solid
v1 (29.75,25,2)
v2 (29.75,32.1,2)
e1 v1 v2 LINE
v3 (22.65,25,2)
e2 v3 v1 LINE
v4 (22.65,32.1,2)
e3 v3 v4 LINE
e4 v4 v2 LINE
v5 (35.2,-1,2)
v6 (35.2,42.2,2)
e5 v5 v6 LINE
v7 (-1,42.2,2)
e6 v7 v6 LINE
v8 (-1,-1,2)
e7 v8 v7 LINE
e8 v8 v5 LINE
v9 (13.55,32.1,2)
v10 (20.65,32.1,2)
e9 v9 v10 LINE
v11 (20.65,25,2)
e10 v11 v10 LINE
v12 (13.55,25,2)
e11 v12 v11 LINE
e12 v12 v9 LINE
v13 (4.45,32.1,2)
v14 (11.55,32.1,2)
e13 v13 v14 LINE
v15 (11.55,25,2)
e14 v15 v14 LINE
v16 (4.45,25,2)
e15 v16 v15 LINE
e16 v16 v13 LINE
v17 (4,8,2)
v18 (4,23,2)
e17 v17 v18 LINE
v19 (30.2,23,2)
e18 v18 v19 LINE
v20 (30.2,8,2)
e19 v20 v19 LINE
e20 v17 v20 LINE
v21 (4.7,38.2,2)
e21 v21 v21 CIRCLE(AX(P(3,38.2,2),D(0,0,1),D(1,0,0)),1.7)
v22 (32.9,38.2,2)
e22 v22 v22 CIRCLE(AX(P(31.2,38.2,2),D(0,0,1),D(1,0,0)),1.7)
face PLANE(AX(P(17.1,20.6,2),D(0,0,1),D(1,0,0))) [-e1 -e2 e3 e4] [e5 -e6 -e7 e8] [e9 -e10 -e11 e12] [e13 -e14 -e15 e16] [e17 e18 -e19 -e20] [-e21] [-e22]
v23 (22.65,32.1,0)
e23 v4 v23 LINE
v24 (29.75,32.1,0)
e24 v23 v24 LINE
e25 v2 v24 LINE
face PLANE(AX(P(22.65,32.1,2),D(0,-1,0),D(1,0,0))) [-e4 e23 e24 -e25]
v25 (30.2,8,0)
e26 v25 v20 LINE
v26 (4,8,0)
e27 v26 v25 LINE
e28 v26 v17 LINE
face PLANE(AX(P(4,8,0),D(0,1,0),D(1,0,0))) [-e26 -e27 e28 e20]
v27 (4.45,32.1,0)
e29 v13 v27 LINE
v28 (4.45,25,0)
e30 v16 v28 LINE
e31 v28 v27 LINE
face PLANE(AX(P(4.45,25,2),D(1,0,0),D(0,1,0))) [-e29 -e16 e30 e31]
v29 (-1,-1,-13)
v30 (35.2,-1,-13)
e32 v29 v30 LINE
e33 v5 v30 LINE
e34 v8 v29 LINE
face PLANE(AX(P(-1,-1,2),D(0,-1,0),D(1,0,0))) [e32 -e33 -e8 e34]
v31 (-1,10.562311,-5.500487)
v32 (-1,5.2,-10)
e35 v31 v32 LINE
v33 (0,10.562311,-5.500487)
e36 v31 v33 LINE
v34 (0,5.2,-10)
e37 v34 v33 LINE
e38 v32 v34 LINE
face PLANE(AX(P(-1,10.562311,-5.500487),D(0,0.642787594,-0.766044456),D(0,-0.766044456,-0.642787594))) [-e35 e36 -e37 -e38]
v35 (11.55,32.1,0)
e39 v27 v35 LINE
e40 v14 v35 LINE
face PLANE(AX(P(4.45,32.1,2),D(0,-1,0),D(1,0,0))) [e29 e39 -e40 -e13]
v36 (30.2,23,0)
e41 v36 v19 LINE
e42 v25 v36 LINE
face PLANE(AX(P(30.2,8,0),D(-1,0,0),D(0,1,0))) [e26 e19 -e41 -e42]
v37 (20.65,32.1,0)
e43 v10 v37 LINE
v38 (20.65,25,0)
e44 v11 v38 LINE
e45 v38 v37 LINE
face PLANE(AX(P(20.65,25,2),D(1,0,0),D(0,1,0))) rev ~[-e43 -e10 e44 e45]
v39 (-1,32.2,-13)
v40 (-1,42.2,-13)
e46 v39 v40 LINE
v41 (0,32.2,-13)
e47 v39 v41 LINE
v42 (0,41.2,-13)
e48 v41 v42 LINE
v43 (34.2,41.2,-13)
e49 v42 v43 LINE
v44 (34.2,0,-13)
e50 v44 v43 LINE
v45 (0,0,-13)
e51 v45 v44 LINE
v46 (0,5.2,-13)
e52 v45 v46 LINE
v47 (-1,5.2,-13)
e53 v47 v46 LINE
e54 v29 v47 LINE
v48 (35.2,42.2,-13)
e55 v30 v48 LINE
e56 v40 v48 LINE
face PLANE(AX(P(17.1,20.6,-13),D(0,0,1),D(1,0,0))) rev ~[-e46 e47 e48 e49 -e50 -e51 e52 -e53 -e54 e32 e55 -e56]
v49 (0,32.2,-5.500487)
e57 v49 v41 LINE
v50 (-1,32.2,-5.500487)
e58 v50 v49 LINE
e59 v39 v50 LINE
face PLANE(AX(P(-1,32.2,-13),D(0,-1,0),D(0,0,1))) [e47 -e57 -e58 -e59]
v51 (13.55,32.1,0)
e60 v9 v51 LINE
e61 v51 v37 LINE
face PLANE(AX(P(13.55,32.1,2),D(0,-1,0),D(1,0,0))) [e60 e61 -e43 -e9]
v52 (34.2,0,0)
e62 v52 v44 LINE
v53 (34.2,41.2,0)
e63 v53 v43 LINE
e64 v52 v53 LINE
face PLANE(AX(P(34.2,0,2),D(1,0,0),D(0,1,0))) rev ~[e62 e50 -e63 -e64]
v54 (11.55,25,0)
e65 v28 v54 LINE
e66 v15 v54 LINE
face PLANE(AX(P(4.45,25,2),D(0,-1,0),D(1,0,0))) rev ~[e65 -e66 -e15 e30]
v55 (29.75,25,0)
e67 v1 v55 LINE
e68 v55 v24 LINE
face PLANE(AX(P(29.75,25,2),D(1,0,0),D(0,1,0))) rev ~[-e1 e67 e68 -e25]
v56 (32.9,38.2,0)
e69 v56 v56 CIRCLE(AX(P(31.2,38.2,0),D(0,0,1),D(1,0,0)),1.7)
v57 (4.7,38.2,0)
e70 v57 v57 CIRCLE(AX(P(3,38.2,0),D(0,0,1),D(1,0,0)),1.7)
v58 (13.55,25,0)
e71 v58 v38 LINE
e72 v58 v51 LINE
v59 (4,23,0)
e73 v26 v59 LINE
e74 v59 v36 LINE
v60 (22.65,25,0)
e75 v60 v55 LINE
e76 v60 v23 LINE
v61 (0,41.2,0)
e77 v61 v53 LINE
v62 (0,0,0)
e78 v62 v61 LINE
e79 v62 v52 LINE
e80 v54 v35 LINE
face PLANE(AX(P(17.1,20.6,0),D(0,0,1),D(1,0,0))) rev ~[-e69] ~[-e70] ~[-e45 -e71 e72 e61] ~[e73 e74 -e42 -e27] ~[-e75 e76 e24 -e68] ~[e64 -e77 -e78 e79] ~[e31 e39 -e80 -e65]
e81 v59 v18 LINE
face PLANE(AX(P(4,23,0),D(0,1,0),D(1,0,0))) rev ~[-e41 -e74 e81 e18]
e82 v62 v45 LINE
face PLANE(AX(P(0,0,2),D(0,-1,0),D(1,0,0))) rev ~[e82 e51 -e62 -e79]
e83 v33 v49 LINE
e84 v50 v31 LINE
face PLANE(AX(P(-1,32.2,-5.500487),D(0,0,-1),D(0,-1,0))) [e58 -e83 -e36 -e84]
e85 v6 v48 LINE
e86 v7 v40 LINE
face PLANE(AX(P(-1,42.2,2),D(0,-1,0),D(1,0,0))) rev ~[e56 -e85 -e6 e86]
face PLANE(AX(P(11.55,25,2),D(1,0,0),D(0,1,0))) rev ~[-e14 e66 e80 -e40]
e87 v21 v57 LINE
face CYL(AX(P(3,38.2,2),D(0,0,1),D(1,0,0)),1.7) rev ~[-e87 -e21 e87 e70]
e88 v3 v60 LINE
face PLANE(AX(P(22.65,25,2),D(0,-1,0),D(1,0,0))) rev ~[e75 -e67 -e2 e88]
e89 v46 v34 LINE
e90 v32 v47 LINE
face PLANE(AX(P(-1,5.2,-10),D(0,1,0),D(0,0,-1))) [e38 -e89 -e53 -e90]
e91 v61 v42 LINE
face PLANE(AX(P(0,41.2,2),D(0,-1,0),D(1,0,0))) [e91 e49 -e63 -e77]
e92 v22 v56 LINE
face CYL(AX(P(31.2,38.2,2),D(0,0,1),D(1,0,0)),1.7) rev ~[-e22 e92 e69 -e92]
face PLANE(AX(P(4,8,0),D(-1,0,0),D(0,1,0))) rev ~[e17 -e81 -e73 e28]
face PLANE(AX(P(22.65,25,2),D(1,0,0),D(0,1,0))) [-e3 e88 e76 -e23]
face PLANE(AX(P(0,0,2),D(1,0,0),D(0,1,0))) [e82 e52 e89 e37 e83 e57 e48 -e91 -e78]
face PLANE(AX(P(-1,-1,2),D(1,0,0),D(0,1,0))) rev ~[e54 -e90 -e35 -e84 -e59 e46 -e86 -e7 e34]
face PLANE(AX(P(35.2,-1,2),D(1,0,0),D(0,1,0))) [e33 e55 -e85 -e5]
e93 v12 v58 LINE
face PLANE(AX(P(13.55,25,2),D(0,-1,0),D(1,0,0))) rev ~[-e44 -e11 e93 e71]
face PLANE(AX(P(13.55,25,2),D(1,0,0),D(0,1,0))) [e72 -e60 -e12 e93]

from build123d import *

# Parameters (mm, degrees)
SKETCH_W        = 34.2
SKETCH_H        = 41.2
SKETCH_W_2      = 26.2
SKETCH_H_2      = 15
PAD_DEPTH       = 2
SKETCH001_R     = 1.7
POCKET_DEPTH    = 5
SKETCH002_W     = 7.1
SKETCH002_H     = 7.1
POCKET001_DEPTH = 5
SKETCH005_W     = 36.2
SKETCH005_H     = 43.2
SKETCH005_W_2   = 34.2
SKETCH005_H_2   = 41.2
PAD002_DEPTH    = 15
POCKET002_DEPTH = 5


with BuildPart() as part:
    # Sketch → Pad (new body)
    with BuildSketch(Plane.XY):
        with Locations((17.1, 20.6)):
            Rectangle(SKETCH_W, SKETCH_H)
        with Locations((17.1, 15.5)):
            Rectangle(SKETCH_W_2, SKETCH_H_2, mode=Mode.SUBTRACT)
    extrude(amount=PAD_DEPTH)

    # Sketch001 → Pocket (cut)
    with BuildSketch(Plane.XY.offset(2)):
        with Locations((3, 38.2)):
            Circle(SKETCH001_R)
        with Locations((31.2, 38.2)):
            Circle(SKETCH001_R)
    extrude(amount=-POCKET_DEPTH, mode=Mode.SUBTRACT)

    # Sketch002 → Pocket001 (cut)
    with BuildSketch(Plane.XY.offset(2)):
        with Locations((8, 28.55)):
            Rectangle(SKETCH002_W, SKETCH002_H)
        with Locations((17.1, 28.55)):
            Rectangle(SKETCH002_W, SKETCH002_H)
        with Locations((26.2, 28.55)):
            Rectangle(SKETCH002_W, SKETCH002_H)
    extrude(amount=-POCKET001_DEPTH, mode=Mode.SUBTRACT)

    # Sketch005 → Pad002 (new body)
    with BuildSketch(Plane.XY.offset(2)):
        with Locations((17.1, 20.6)):
            Rectangle(SKETCH005_W, SKETCH005_H)
        with Locations((17.1, 20.6)):
            Rectangle(SKETCH005_W_2, SKETCH005_H_2, mode=Mode.SUBTRACT)
    extrude(amount=-PAD002_DEPTH)

    # Sketch006 → Pocket002 (cut)
    with BuildSketch(Plane(origin=(-1, 0, 0), x_dir=(0, -1, 0), z_dir=(-1, 0, 0))):
        Polygon((-5.2, -13), (-32.2, -13), (-32.2, -5.500487), (-10.562311, -5.500487), (-5.2, -10), align=None)
    extrude(amount=-POCKET002_DEPTH, mode=Mode.SUBTRACT)


solid = part.part
